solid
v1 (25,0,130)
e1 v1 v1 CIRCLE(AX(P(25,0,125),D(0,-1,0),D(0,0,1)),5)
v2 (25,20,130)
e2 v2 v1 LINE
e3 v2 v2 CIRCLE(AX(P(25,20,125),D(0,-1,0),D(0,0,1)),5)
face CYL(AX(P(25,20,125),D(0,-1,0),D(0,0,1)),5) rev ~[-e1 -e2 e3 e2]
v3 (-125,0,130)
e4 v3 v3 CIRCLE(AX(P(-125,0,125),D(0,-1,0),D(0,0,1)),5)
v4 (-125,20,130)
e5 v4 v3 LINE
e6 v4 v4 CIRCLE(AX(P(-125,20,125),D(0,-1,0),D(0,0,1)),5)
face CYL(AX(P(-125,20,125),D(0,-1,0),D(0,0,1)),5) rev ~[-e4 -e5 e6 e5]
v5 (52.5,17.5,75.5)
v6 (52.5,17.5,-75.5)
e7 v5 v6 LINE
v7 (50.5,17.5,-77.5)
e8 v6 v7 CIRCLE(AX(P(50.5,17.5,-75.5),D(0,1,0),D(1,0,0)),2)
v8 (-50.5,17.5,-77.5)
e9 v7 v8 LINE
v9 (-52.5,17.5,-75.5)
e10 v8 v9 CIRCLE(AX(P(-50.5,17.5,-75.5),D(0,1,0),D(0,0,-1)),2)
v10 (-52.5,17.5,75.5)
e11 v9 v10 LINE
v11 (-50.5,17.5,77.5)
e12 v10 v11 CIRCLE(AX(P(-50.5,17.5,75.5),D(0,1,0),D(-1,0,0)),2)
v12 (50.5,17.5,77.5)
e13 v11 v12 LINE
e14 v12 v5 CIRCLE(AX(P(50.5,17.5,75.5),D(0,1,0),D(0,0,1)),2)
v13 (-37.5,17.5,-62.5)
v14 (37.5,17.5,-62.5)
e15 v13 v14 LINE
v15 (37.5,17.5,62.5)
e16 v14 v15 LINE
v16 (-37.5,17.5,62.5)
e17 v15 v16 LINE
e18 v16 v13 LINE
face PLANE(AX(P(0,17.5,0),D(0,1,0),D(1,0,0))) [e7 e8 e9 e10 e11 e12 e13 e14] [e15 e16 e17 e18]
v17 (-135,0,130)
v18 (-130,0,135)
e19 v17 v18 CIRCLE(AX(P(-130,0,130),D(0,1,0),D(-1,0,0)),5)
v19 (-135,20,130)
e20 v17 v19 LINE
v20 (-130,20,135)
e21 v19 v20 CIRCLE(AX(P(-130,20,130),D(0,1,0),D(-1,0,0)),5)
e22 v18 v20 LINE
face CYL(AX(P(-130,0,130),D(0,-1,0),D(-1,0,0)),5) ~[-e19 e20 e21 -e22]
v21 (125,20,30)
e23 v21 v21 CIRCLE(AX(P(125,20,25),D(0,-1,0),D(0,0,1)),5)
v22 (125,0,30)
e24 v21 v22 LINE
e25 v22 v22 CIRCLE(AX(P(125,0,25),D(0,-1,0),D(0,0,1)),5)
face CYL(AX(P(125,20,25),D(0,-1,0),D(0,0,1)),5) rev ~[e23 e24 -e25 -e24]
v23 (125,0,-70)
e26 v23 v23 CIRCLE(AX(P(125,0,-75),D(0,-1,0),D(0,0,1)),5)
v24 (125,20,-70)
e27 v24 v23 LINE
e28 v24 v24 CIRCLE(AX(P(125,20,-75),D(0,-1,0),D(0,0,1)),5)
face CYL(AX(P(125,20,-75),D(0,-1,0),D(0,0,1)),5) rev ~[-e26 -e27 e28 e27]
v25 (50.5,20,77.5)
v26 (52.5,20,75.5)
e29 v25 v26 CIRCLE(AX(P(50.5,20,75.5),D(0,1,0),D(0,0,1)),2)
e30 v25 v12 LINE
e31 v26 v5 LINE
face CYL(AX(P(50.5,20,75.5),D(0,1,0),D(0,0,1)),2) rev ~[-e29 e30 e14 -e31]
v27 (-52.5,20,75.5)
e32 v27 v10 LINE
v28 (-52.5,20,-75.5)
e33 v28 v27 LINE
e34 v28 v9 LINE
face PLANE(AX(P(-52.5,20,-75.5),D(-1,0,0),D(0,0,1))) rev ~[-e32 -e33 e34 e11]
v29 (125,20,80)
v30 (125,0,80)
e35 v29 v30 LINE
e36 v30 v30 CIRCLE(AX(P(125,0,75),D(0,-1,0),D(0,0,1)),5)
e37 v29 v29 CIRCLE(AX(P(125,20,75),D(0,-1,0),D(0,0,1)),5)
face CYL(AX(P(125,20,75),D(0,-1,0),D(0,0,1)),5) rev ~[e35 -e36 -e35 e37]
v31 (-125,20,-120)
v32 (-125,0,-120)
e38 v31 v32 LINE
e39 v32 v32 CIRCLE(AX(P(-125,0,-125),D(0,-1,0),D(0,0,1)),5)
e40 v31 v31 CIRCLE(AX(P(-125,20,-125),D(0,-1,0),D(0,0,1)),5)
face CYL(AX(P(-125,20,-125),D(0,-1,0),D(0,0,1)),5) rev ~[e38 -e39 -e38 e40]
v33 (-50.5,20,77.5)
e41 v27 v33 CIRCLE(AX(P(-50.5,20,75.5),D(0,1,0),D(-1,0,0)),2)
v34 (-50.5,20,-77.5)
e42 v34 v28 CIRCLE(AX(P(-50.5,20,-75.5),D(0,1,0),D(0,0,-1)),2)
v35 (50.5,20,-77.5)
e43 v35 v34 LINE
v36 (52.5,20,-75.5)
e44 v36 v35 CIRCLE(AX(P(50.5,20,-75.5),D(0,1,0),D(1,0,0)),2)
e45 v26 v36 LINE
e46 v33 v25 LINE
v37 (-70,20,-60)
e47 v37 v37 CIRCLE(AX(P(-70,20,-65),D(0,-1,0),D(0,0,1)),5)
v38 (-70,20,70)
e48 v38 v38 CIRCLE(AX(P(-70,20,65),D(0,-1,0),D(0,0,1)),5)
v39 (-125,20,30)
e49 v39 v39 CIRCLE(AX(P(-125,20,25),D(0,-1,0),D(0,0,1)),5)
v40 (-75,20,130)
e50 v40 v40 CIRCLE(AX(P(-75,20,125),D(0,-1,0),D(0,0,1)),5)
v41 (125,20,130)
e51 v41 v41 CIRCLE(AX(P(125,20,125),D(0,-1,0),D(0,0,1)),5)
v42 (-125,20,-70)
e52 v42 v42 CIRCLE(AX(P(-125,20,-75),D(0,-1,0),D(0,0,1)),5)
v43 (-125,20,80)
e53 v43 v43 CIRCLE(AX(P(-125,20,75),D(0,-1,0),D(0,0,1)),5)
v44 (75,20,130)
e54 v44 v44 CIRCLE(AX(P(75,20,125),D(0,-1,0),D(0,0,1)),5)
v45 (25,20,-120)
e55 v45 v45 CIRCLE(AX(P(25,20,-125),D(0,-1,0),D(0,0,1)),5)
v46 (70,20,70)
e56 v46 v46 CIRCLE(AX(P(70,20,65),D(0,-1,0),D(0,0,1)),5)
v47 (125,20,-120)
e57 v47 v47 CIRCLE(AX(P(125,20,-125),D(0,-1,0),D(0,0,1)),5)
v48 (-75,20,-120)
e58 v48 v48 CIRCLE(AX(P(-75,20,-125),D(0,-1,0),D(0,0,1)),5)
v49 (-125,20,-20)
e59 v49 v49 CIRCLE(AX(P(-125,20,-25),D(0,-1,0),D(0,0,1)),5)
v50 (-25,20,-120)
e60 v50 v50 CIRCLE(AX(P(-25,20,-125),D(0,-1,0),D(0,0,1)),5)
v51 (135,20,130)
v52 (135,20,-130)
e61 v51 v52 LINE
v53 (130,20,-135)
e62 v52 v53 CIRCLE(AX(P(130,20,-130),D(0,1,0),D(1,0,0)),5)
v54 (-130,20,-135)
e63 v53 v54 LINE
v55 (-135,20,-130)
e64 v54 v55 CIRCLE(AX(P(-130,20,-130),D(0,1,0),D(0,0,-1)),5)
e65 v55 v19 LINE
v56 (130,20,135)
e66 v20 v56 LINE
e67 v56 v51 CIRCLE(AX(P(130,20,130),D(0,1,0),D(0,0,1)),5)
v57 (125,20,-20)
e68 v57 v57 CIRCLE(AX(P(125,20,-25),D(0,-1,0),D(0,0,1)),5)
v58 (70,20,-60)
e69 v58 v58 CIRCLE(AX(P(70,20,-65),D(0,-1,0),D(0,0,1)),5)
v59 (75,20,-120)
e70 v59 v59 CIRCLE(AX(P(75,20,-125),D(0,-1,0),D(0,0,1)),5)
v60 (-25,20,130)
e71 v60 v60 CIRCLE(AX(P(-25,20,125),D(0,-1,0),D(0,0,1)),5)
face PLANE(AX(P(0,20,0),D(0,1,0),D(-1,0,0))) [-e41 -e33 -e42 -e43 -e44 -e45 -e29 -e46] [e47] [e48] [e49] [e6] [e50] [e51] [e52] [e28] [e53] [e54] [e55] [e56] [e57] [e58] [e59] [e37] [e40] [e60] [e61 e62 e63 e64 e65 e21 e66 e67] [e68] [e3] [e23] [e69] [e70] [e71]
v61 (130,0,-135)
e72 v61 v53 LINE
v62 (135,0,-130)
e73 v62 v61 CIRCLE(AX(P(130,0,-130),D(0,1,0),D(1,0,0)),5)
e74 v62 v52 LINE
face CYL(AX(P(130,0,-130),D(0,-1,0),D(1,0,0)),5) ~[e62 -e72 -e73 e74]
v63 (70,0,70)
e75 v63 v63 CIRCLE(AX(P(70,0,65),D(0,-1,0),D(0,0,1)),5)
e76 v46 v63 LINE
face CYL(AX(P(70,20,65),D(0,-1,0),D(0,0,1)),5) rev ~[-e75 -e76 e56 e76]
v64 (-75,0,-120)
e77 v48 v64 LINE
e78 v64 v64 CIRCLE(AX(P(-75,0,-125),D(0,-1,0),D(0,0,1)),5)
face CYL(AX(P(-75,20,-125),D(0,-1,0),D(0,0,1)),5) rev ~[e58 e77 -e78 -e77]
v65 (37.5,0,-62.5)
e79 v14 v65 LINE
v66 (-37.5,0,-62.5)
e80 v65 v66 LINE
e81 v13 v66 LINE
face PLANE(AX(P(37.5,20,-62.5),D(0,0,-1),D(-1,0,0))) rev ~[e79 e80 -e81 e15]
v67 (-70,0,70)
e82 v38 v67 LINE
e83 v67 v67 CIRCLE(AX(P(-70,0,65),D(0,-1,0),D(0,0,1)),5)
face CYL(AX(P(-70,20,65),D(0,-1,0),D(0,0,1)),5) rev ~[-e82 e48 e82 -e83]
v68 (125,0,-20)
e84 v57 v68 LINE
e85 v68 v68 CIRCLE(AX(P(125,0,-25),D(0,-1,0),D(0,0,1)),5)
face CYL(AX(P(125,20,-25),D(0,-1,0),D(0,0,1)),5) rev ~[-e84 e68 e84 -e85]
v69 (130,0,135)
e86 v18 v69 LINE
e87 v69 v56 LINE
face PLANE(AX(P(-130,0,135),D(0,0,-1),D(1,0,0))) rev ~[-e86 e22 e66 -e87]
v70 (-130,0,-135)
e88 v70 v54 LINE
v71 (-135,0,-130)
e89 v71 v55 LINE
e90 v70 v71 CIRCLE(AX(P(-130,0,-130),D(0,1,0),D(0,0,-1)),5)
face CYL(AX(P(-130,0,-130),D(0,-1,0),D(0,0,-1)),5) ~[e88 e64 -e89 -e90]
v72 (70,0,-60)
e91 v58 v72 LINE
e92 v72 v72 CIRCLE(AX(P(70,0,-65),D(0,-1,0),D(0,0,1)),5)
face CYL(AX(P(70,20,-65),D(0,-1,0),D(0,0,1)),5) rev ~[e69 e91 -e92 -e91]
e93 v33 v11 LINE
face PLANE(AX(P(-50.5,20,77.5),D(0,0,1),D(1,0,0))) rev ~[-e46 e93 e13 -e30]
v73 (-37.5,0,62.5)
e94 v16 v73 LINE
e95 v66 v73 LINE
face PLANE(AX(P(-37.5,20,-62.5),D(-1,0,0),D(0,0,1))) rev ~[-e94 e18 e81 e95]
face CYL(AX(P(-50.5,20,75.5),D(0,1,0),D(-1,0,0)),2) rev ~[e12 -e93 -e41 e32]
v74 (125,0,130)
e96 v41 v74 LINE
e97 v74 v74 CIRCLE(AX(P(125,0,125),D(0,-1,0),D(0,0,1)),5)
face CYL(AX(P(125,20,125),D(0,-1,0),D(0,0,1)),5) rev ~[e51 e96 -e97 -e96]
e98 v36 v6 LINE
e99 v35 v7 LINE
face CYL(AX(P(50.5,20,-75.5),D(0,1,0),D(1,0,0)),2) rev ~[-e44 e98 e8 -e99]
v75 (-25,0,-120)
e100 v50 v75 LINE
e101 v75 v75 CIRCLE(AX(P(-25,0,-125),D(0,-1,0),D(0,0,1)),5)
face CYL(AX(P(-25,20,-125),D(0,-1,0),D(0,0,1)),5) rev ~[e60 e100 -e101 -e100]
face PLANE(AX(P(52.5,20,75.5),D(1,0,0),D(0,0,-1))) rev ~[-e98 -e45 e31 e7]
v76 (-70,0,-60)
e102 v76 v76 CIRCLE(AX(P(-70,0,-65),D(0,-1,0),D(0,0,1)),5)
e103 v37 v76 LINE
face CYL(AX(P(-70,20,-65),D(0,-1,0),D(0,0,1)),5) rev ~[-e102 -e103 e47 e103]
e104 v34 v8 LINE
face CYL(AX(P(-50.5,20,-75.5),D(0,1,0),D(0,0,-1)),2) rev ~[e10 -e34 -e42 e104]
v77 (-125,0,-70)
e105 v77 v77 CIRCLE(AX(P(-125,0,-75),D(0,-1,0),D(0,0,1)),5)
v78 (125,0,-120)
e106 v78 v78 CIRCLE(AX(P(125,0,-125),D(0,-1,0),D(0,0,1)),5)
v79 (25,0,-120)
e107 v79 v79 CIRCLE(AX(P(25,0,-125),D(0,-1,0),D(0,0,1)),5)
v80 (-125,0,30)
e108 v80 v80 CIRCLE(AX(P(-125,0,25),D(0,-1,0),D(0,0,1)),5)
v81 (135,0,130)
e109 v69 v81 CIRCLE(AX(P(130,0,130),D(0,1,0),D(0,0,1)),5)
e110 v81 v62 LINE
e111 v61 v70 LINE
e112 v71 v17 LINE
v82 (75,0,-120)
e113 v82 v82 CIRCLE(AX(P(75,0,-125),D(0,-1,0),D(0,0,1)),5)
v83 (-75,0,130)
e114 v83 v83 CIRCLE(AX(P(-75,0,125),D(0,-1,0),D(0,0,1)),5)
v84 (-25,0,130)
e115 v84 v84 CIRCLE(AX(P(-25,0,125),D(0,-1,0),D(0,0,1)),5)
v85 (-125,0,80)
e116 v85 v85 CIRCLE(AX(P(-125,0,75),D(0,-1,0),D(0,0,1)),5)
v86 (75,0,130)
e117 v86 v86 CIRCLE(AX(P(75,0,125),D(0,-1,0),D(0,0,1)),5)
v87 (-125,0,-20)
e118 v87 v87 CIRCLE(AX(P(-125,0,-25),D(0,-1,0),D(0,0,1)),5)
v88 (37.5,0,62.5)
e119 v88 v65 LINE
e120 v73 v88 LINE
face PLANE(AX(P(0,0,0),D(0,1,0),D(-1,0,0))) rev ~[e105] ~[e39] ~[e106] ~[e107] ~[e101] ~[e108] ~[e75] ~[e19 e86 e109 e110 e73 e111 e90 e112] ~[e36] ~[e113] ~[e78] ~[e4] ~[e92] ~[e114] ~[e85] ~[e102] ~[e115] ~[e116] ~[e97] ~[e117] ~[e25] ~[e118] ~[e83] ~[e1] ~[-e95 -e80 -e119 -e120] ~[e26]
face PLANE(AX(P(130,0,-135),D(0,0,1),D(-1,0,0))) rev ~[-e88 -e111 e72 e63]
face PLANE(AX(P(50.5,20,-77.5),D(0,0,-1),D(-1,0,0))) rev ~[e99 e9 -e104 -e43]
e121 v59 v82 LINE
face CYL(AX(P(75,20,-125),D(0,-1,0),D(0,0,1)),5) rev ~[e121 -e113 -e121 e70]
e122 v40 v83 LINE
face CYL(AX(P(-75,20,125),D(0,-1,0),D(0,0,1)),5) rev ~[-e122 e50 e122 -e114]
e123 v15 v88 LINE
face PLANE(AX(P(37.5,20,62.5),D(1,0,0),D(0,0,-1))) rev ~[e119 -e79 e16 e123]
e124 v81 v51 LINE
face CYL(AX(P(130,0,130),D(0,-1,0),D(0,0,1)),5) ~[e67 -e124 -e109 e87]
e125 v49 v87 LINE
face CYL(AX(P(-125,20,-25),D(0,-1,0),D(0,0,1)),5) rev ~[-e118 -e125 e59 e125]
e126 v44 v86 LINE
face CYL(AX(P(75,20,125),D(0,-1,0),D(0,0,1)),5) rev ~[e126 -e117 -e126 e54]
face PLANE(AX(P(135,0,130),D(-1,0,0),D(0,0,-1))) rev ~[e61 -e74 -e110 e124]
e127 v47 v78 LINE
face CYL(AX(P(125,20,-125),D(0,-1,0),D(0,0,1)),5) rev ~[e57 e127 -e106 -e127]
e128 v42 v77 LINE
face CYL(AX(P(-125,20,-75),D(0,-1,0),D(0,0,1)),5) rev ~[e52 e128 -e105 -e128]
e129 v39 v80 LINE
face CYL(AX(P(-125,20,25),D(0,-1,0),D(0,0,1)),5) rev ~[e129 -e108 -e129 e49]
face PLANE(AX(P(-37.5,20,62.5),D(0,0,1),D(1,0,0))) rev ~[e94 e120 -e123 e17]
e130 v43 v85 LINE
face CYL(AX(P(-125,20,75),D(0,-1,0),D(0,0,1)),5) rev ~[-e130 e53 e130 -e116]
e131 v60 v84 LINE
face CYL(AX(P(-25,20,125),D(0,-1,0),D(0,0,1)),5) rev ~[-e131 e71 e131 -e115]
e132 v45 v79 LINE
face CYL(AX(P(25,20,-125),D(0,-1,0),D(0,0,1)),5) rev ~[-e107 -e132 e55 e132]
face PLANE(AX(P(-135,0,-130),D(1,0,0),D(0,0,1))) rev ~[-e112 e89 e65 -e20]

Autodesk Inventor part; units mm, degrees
ref_plane "YZ Plane" through (0, 0, 0) normal (1, 0, 0) x (0, 1, 0)
ref_plane "XZ Plane" through (0, 0, 0) normal (0, 1, 0) x (-1, 0, 0)
ref_plane "XY Plane" through (0, 0, 0) normal (0, 0, 1) x (1, 0, 0)
sketch "Sketch1" plane through (0, 0, 0) normal (0, 1, 0) x (-1, 0, 0)
  line L0 (130, 135) -> (-130, 135)
  line L1 (-135, 130) -> (-135, -130)
  line L2 (-130, -135) -> (130, -135)
  line L3 (135, -130) -> (135, 130)
  line L4 (135, 135) -> (-135, -135) construction
  line L5 (-135, 135) -> (135, -135) construction
  arc A0 (135, 130) -> (130, 135) centre (130, 130) ccw
  arc A1 (130, -135) -> (135, -130) centre (130, -130) ccw
  arc A2 (-135, -130) -> (-130, -135) centre (-130, -130) ccw
  arc A3 (-130, 135) -> (-135, 130) centre (-130, 130) ccw
  point P0 (0, 0)
  point P1 (0, 0)
  dimension "d0" = 270
  dimension "d1" = 270
  dimension "d2" = 5
  dimension "d3" = 5
  dimension "d4" = 5
  dimension "d5" = 5
extrude "Extrusion1" add sketch "Sketch1" along normal blind 20
sketch "Sketch2" plane through (0, 20, 0) normal (0, 1, 0) x (1, 0, 0)
  line L0 (-37.5, -62.5) -> (37.5, -62.5)
  line L1 (37.5, -62.5) -> (37.5, 62.5)
  line L2 (37.5, 62.5) -> (-37.5, 62.5)
  line L3 (-37.5, 62.5) -> (-37.5, -62.5)
  line L4 (-37.5, -62.5) -> (37.5, 62.5) construction
  line L5 (37.5, -62.5) -> (-37.5, 62.5) construction
  point P0 (0, 0)
  dimension "d8" = 75
  dimension "d9" = 125
extrude "Extrusion2" cut sketch "Sketch2" against normal blind 65.25
sketch "Sketch3" plane through (0, 20, 0) normal (0, 1, 0) x (1, 0, 0)
  line L0 (-50.5, -77.5) -> (50.5, -77.5)
  line L1 (52.5, -75.5) -> (52.5, 75.5)
  line L2 (50.5, 77.5) -> (-50.5, 77.5)
  line L3 (-52.5, 75.5) -> (-52.5, -75.5)
  line L4 (-52.5, -77.5) -> (52.5, 77.5) construction
  line L5 (52.5, -77.5) -> (-52.5, 77.5) construction
  arc A0 (-50.5, 77.5) -> (-52.5, 75.5) centre (-50.5, 75.5) ccw
  arc A1 (52.5, 75.5) -> (50.5, 77.5) centre (50.5, 75.5) ccw
  arc A2 (50.5, -77.5) -> (52.5, -75.5) centre (50.5, -75.5) ccw
  arc A3 (-52.5, -75.5) -> (-50.5, -77.5) centre (-50.5, -75.5) ccw
  point P0 (0, 0)
  dimension "d12" = 105
  dimension "d13" = 155
  dimension "d14" = 2
extrude "Extrusion3" cut sketch "Sketch3" against normal blind 2.5
sketch "Sketch5" plane through (0, 20, 0) normal (0, 1, 0) x (1, 0, 0)
  circle A0 centre (-70, 65) radius 5
  circle A1 centre (70, 65) radius 5
  circle A2 centre (70, -65) radius 5
  circle A3 centre (-70, -65) radius 5
  point P0 (0, 0)
  dimension "d17" = 10
  dimension "d18" = 10
  dimension "d19" = 10
  dimension "d20" = 10
hole "Hole1" at (-70, 20, 65) at (-70, 20, -65) at (70, 20, -65) at (70, 20, 65) direction (0, -1, 0) diameter 10 end through all
sketch "Sketch6" plane through (0, 20, 0) normal (0, 1, 0) x (1, 0, 0)
  point P0 (0, 0)
sketch "Sketch7" plane through (0, 20, 0) normal (0, 1, 0) x (1, 0, 0)
  line L0 (-135, 130) -> (-135, -130) projected
  line L1 (130, 135) -> (-130, 135) projected
  line L2 (135, -130) -> (135, 130) projected
  circle A0 centre (70, -65) radius 5 projected
  circle A1 centre (70, 65) radius 5 projected
  circle A2 centre (-70, 65) radius 5 projected
  circle A3 centre (-70, -65) radius 5 projected
  line L3 (52.5, 75.5) -> (52.5, -75.5) projected
  arc A4 (50.5, -77.5) -> (52.5, -75.5) centre (50.5, -75.5) ccw projected
  line L4 (50.5, -77.5) -> (-50.5, -77.5) projected
  arc A5 (-52.5, -75.5) -> (-50.5, -77.5) centre (-50.5, -75.5) ccw projected
  line L5 (-52.5, -75.5) -> (-52.5, 75.5) projected
  arc A6 (-50.5, 77.5) -> (-52.5, 75.5) centre (-50.5, 75.5) ccw projected
  line L6 (-50.5, 77.5) -> (50.5, 77.5) projected
  arc A7 (52.5, 75.5) -> (50.5, 77.5) centre (50.5, 75.5) ccw projected
  arc A8 (130, -135) -> (135, -130) centre (130, -130) ccw projected
  line L7 (135, -130) -> (135, 130) projected
  arc A9 (135, 130) -> (130, 135) centre (130, 130) ccw projected
  line L8 (130, 135) -> (-130, 135) projected
  arc A10 (-130, 135) -> (-135, 130) centre (-130, 130) ccw projected
  line L9 (-135, 130) -> (-135, -130) projected
  arc A11 (-135, -130) -> (-130, -135) centre (-130, -130) ccw projected
  line L10 (-130, -135) -> (130, -135) projected
  circle A12 centre (-125, -125) radius 5
  circle A13 centre (-125, -75) radius 5
  circle A14 centre (-125, -25) radius 5
  circle A15 centre (-125, 25) radius 5
  circle A16 centre (-125, 75) radius 5
  circle A17 centre (-125, 125) radius 5
  circle A18 centre (125, 75) radius 5
  circle A19 centre (125, 25) radius 5
  circle A20 centre (125, -25) radius 5
  circle A21 centre (125, -75) radius 5
  circle A22 centre (125, -125) radius 5
  circle A23 centre (-75, 125) radius 5
  circle A24 centre (75, 125) radius 5
  circle A25 centre (-75, -125) radius 5
  circle A26 centre (75, -125) radius 5
  circle A27 centre (125, 125) radius 5
  circle A28 centre (-25, 125) radius 5
  circle A29 centre (25, 125) radius 5
  circle A30 centre (-25, -125) radius 5
  circle A31 centre (25, -125) radius 5
  point P0 (0, 0)
  point P1 (0, 135)
  point P2 (0, 135)
  dimension "d34" = 10
  dimension "d36" = 10
  dimension "d37" = 10
  dimension "d39" = 10
  dimension "d40" = 10
  dimension "d49" = 50
  dimension "d50" = 50
  dimension "d52" = 50
  dimension "d53" = 50
  dimension "d54" = 10
  dimension "d55" = 10
  dimension "d56" = 10
  dimension "d57" = 10
  dimension "d58" = 10
  dimension "d59" = 50
  dimension "d60" = 10
  dimension "d63" = 10
  dimension "d64" = 10
  dimension "d65" = 10
  dimension "d66" = 10
  dimension "d67" = 10
  dimension "d68" = 10
  dimension "d69" = 10
  dimension "d70" = 10
  dimension "d72" = 10
  dimension "d73" = 10
  dimension "d74" = 10
  dimension "d75" = 50
  dimension "d76" = 10
  dimension "d77" = 50
  dimension "d78" = 10
  dimension "d79" = 50
  dimension "d80" = 10
  dimension "d81" = 10
  dimension "d82" = 10
  dimension "d83" = 50
  dimension "d84" = 50
  dimension "d85" = 10
  dimension "d86" = 50
  dimension "d87" = 75
  dimension "d88" = 50
  dimension "d89" = 10
  dimension "d90" = 75
  dimension "d91" = 10
  dimension "d92" = 50
  dimension "d93" = 50
  dimension "d94" = 10
  dimension "d95" = 10
  dimension "d96" = 10
  dimension "d97" = 10
  dimension "d98" = 10
  dimension "d99" = 50
  dimension "d100" = 50
  dimension "d101" = 50
  dimension "d102" = 10
  dimension "d103" = 10
  dimension "d104" = 10
  dimension "d105" = 10
  dimension "d106" = 50
  dimension "d107" = 50
  dimension "d108" = 50
hole "Hole2" at (-125, 20, -125) at (-75, 20, -125) at (-25, 20, -125) at (25, 20, -125) at (75, 20, -125) at (125, 20, -125) at (125, 20, -75) at (125, 20, -25) at (125, 20, 25) at (125, 20, 75) at (125, 20, 125) at (75, 20, 125) at (25, 20, 125) at (-25, 20, 125) at (-75, 20, 125) at (-125, 20, 125) at (-125, 20, -75) at (-125, 20, -25) at (-125, 20, 25) at (-125, 20, 75) direction (0, -1, 0) diameter 10 end through all
sketch "Sketch8" plane through (0, 20, 0) normal (0, 1, 0) x (1, 0, 0)
  point P0 (0, 0)
thread "Thread1" size "M10x1.5" class "6H" standard "ANSI Metric M Profile" full length
thread "Thread2" size "M10x1.5" class "6H" standard "ANSI Metric M Profile" full length
thread "Thread3" size "M10x1.5" class "6H" standard "ANSI Metric M Profile" full length
thread "Thread4" size "M10x1.5" class "6H" standard "ANSI Metric M Profile" full length
properties part number "Impact Test Fixturev4 BS EN 6038 assemblyFEA" material "Steel, Carbon"
